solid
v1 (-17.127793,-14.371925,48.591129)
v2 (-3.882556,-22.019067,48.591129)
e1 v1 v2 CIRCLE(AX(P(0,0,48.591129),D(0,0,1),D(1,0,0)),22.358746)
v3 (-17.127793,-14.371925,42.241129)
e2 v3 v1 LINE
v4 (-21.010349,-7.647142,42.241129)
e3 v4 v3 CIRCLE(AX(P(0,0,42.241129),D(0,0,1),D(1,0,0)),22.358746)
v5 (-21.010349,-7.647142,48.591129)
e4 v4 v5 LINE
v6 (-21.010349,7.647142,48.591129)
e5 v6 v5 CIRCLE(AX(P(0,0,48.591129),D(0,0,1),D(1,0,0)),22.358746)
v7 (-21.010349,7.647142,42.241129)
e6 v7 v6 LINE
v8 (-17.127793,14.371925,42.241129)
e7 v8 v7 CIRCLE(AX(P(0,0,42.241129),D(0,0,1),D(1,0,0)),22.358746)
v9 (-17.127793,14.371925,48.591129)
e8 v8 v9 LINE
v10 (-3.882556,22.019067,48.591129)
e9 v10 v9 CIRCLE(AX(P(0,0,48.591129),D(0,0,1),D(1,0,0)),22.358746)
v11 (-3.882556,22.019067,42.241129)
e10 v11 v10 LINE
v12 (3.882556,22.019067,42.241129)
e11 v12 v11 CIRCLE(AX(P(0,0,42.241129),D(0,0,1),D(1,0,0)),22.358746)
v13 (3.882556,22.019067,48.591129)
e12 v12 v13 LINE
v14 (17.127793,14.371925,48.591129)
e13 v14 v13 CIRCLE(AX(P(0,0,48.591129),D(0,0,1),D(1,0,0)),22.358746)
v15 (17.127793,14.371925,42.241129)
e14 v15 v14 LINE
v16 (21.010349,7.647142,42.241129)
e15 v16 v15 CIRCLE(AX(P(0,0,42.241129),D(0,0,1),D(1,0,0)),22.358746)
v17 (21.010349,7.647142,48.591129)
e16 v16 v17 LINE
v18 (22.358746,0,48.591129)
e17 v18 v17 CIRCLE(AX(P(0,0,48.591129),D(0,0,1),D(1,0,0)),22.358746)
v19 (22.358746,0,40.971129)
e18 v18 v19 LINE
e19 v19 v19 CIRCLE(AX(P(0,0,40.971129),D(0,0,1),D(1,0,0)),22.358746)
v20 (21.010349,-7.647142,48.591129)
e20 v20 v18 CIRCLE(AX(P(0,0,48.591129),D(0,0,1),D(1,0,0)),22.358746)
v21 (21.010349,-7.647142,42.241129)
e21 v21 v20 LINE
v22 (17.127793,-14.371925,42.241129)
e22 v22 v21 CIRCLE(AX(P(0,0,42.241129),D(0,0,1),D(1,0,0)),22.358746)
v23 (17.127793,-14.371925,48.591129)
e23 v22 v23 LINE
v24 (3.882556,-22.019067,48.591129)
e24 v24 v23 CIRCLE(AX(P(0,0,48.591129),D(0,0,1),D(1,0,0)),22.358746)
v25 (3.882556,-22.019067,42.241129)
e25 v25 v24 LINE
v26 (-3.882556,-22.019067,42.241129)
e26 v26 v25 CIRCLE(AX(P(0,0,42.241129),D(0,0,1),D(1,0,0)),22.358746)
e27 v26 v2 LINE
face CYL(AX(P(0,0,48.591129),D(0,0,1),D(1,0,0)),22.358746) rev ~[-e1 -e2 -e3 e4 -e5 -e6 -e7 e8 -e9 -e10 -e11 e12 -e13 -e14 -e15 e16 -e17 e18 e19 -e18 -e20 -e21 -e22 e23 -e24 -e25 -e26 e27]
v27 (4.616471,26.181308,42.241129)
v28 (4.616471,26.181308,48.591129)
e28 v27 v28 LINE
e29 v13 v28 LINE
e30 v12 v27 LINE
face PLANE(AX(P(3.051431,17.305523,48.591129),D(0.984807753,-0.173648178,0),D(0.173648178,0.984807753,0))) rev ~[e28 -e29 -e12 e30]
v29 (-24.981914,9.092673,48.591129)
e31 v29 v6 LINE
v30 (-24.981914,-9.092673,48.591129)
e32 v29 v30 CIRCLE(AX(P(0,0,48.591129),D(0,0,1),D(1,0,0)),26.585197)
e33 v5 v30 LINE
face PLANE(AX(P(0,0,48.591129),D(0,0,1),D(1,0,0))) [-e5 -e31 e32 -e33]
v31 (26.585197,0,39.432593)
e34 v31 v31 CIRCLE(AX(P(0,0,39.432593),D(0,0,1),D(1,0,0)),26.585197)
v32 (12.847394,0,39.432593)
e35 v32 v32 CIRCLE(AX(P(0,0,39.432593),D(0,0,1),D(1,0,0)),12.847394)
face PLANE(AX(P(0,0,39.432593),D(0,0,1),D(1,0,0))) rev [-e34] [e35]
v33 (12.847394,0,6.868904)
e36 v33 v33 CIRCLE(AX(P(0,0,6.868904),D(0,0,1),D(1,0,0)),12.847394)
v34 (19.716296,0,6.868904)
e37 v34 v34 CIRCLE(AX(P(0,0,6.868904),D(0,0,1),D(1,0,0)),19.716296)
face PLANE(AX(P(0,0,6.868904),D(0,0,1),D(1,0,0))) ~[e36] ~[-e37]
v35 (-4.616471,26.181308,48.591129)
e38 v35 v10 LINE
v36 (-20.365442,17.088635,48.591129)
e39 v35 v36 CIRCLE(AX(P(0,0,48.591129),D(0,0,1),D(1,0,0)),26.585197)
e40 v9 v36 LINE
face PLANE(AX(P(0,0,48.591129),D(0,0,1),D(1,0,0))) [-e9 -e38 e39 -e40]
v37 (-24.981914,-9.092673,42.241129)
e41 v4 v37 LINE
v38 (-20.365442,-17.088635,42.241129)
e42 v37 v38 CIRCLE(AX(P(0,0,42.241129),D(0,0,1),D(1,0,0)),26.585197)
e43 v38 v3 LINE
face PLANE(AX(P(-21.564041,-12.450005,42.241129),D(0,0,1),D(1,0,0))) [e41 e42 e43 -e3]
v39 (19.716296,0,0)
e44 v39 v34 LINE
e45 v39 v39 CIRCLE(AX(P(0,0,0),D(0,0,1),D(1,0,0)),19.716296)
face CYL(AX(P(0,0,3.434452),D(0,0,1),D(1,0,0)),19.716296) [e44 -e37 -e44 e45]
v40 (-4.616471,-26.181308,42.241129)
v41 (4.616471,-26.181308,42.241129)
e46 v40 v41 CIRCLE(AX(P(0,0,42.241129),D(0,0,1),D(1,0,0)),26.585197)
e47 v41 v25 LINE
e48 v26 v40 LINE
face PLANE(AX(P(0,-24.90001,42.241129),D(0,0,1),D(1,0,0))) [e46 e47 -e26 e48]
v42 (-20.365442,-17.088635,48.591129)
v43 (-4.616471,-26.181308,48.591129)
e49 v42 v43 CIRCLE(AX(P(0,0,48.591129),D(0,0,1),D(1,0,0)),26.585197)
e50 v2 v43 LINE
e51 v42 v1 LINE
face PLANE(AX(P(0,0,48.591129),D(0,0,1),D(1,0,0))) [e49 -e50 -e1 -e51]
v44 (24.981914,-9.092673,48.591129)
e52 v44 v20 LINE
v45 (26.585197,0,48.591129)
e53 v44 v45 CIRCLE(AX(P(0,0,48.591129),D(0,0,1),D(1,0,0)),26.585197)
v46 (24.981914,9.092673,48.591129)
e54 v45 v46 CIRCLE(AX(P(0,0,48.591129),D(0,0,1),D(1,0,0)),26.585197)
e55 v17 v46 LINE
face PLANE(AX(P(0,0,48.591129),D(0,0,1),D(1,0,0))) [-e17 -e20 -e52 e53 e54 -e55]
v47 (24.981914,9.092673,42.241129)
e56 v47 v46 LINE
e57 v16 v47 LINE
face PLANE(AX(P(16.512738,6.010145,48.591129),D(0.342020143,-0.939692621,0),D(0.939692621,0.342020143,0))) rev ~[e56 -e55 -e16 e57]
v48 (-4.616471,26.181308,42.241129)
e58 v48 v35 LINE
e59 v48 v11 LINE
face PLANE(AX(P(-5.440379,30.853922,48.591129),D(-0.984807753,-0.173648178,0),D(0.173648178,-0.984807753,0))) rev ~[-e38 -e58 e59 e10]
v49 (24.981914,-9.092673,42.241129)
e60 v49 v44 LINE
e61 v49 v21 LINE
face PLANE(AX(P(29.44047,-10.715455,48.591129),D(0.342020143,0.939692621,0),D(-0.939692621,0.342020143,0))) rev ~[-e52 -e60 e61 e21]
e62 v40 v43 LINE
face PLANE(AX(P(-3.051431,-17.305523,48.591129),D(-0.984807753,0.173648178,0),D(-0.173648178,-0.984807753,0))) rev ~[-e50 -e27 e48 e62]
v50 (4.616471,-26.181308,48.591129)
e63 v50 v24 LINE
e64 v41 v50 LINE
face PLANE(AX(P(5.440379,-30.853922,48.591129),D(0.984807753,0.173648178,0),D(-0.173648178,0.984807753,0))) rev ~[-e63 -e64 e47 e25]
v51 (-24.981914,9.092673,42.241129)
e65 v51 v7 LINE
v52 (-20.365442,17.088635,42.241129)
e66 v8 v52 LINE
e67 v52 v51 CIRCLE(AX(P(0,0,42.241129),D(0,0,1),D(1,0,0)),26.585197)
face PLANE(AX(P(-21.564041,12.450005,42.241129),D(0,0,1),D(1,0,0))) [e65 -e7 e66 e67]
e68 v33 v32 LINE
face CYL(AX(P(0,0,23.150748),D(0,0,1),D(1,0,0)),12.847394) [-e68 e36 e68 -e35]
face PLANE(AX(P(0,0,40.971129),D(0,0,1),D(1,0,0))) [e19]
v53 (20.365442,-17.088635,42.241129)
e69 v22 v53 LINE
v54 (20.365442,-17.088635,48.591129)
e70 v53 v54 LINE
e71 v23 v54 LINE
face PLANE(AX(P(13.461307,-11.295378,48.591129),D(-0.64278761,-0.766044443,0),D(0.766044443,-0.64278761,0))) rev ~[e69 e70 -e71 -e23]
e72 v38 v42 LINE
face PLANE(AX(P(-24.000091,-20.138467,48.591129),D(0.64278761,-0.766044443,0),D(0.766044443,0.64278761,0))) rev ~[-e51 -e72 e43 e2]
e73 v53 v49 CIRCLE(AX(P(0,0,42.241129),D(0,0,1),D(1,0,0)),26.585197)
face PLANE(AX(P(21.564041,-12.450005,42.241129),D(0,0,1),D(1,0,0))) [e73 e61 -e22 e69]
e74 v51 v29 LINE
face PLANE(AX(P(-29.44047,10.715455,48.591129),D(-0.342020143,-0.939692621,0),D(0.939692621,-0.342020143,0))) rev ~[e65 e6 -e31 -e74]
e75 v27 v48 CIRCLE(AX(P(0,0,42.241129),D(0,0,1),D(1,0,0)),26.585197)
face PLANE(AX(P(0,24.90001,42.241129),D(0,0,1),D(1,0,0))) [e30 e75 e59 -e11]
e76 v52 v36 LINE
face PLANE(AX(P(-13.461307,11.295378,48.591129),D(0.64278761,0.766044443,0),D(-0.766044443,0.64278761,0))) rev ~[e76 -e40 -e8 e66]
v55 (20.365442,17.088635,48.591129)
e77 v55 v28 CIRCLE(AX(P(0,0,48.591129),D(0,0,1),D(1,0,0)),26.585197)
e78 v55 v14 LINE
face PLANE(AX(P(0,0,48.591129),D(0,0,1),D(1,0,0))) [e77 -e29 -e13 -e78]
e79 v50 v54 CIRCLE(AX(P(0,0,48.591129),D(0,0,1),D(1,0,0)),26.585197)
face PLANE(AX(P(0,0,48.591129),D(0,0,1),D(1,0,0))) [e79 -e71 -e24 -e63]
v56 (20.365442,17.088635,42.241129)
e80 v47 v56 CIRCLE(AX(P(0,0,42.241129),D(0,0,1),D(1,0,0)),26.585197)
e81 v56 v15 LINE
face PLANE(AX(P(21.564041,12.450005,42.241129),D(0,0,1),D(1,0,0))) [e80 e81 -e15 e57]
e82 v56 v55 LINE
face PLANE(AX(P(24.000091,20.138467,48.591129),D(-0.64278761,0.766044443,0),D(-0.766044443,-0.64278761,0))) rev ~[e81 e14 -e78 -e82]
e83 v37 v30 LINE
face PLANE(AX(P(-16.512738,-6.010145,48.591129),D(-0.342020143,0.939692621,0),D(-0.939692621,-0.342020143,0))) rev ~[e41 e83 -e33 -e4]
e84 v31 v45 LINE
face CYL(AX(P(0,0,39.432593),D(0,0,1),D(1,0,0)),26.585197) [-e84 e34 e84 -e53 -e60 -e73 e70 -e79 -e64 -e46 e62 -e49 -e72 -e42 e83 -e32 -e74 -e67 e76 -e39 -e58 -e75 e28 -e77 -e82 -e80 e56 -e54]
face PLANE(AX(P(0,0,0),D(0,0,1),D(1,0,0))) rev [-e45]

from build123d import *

# Parameters (mm, degrees)
F0_W     = 6.8689025939
F0_H     = 6.8689035252
F0_W_2   = 12.8473937511
F0_H_2   = 32.5636891648
F2_R     = 22.3587464381
F3_DEPTH = 7.62
F5_DEPTH = 6.35


with BuildPart() as f1:
    # F0 (on Front) → F1 (revolve)
    with BuildSketch(Plane.XZ):
        Polygon((0, 48.5911294818), (0, 39.43259269), (12.8473937511, 39.43259269), (26.5851970762, 39.43259269), (26.5851970762, 48.5911294818), align=None)
        with Locations((16.2818450481, 3.4344517626)):
            Rectangle(F0_W, F0_H)
        with Locations((6.4236968756, 23.1507481076)):
            Rectangle(F0_W_2, F0_H_2)
        with Locations((6.4236968756, 3.4344517626)):
            Rectangle(F0_W_2, F0_H)
    revolve(axis=Axis((0, 0, 19.716296345), (0, 0, 1)))

    # F2 (on face) → F3 (cut)
    with BuildSketch(Plane.XY.offset(48.5911294818)):
        Circle(F2_R)
    extrude(amount=-F3_DEPTH, mode=Mode.SUBTRACT)

    # F4 (on face) → F5 (cut)
    with BuildSketch(Plane.XY.offset(48.5911294818)):
        with BuildLine():
            ThreePointArc((-3.0514306297, 17.3055230542), (0, 17.5724886419), (3.0514306297, 17.3055230542))
            Line((3.0514306297, 17.3055230542), (5.4403788798, 30.8539218326))
            ThreePointArc((5.4403788798, 30.8539218326), (0, 31.3298933099), (-5.4403788798, 30.8539218326))
            Line((-5.4403788798, 30.8539218326), (-3.0514306297, 17.3055230542))
        make_face()
        with BuildLine():
            ThreePointArc((-16.5127379056, 6.0101450839), (-15.2182215716, 8.7862443209), (-13.4613072759, 11.2953779703))
            Line((-13.4613072759, 11.2953779703), (-24.0000906736, 20.1384672324))
            ThreePointArc((-24.0000906736, 20.1384672324), (-27.1324835042, 15.664946655), (-29.4404695533, 10.7154546002))
            Line((-29.4404695533, 10.7154546002), (-16.5127379056, 6.0101450839))
        make_face()
        with BuildLine():
            ThreePointArc((-13.4613072759, -11.2953779703), (-15.2182215716, -8.7862443209), (-16.5127379056, -6.0101450839))
            Line((-16.5127379056, -6.0101450839), (-29.4404695533, -10.7154546002))
            ThreePointArc((-29.4404695533, -10.7154546002), (-27.1324835042, -15.664946655), (-24.0000906736, -20.1384672324))
            Line((-24.0000906736, -20.1384672324), (-13.4613072759, -11.2953779703))
        make_face()
        with BuildLine():
            ThreePointArc((3.0514306297, -17.3055230542), (0, -17.5724886419), (-3.0514306297, -17.3055230542))
            Line((-3.0514306297, -17.3055230542), (-5.4403788798, -30.8539218326))
            ThreePointArc((-5.4403788798, -30.8539218326), (0, -31.3298933099), (5.4403788798, -30.8539218326))
            Line((5.4403788798, -30.8539218326), (3.0514306297, -17.3055230542))
        make_face()
        with BuildLine():
            ThreePointArc((16.5127379056, -6.0101450839), (15.2182215716, -8.7862443209), (13.4613072759, -11.2953779703))
            Line((13.4613072759, -11.2953779703), (24.0000906736, -20.1384672324))
            ThreePointArc((24.0000906736, -20.1384672324), (27.1324835042, -15.664946655), (29.4404695533, -10.7154546002))
            Line((29.4404695533, -10.7154546002), (16.5127379056, -6.0101450839))
        make_face()
        with BuildLine():
            ThreePointArc((13.4613072759, 11.2953779703), (15.2182215716, 8.7862443209), (16.5127379056, 6.0101450839))
            Line((16.5127379056, 6.0101450839), (29.4404695533, 10.7154546002))
            ThreePointArc((29.4404695533, 10.7154546002), (27.1324835042, 15.664946655), (24.0000906736, 20.1384672324))
            Line((24.0000906736, 20.1384672324), (13.4613072759, 11.2953779703))
        make_face()
    extrude(amount=-F5_DEPTH, mode=Mode.SUBTRACT)


solid = f1.part
